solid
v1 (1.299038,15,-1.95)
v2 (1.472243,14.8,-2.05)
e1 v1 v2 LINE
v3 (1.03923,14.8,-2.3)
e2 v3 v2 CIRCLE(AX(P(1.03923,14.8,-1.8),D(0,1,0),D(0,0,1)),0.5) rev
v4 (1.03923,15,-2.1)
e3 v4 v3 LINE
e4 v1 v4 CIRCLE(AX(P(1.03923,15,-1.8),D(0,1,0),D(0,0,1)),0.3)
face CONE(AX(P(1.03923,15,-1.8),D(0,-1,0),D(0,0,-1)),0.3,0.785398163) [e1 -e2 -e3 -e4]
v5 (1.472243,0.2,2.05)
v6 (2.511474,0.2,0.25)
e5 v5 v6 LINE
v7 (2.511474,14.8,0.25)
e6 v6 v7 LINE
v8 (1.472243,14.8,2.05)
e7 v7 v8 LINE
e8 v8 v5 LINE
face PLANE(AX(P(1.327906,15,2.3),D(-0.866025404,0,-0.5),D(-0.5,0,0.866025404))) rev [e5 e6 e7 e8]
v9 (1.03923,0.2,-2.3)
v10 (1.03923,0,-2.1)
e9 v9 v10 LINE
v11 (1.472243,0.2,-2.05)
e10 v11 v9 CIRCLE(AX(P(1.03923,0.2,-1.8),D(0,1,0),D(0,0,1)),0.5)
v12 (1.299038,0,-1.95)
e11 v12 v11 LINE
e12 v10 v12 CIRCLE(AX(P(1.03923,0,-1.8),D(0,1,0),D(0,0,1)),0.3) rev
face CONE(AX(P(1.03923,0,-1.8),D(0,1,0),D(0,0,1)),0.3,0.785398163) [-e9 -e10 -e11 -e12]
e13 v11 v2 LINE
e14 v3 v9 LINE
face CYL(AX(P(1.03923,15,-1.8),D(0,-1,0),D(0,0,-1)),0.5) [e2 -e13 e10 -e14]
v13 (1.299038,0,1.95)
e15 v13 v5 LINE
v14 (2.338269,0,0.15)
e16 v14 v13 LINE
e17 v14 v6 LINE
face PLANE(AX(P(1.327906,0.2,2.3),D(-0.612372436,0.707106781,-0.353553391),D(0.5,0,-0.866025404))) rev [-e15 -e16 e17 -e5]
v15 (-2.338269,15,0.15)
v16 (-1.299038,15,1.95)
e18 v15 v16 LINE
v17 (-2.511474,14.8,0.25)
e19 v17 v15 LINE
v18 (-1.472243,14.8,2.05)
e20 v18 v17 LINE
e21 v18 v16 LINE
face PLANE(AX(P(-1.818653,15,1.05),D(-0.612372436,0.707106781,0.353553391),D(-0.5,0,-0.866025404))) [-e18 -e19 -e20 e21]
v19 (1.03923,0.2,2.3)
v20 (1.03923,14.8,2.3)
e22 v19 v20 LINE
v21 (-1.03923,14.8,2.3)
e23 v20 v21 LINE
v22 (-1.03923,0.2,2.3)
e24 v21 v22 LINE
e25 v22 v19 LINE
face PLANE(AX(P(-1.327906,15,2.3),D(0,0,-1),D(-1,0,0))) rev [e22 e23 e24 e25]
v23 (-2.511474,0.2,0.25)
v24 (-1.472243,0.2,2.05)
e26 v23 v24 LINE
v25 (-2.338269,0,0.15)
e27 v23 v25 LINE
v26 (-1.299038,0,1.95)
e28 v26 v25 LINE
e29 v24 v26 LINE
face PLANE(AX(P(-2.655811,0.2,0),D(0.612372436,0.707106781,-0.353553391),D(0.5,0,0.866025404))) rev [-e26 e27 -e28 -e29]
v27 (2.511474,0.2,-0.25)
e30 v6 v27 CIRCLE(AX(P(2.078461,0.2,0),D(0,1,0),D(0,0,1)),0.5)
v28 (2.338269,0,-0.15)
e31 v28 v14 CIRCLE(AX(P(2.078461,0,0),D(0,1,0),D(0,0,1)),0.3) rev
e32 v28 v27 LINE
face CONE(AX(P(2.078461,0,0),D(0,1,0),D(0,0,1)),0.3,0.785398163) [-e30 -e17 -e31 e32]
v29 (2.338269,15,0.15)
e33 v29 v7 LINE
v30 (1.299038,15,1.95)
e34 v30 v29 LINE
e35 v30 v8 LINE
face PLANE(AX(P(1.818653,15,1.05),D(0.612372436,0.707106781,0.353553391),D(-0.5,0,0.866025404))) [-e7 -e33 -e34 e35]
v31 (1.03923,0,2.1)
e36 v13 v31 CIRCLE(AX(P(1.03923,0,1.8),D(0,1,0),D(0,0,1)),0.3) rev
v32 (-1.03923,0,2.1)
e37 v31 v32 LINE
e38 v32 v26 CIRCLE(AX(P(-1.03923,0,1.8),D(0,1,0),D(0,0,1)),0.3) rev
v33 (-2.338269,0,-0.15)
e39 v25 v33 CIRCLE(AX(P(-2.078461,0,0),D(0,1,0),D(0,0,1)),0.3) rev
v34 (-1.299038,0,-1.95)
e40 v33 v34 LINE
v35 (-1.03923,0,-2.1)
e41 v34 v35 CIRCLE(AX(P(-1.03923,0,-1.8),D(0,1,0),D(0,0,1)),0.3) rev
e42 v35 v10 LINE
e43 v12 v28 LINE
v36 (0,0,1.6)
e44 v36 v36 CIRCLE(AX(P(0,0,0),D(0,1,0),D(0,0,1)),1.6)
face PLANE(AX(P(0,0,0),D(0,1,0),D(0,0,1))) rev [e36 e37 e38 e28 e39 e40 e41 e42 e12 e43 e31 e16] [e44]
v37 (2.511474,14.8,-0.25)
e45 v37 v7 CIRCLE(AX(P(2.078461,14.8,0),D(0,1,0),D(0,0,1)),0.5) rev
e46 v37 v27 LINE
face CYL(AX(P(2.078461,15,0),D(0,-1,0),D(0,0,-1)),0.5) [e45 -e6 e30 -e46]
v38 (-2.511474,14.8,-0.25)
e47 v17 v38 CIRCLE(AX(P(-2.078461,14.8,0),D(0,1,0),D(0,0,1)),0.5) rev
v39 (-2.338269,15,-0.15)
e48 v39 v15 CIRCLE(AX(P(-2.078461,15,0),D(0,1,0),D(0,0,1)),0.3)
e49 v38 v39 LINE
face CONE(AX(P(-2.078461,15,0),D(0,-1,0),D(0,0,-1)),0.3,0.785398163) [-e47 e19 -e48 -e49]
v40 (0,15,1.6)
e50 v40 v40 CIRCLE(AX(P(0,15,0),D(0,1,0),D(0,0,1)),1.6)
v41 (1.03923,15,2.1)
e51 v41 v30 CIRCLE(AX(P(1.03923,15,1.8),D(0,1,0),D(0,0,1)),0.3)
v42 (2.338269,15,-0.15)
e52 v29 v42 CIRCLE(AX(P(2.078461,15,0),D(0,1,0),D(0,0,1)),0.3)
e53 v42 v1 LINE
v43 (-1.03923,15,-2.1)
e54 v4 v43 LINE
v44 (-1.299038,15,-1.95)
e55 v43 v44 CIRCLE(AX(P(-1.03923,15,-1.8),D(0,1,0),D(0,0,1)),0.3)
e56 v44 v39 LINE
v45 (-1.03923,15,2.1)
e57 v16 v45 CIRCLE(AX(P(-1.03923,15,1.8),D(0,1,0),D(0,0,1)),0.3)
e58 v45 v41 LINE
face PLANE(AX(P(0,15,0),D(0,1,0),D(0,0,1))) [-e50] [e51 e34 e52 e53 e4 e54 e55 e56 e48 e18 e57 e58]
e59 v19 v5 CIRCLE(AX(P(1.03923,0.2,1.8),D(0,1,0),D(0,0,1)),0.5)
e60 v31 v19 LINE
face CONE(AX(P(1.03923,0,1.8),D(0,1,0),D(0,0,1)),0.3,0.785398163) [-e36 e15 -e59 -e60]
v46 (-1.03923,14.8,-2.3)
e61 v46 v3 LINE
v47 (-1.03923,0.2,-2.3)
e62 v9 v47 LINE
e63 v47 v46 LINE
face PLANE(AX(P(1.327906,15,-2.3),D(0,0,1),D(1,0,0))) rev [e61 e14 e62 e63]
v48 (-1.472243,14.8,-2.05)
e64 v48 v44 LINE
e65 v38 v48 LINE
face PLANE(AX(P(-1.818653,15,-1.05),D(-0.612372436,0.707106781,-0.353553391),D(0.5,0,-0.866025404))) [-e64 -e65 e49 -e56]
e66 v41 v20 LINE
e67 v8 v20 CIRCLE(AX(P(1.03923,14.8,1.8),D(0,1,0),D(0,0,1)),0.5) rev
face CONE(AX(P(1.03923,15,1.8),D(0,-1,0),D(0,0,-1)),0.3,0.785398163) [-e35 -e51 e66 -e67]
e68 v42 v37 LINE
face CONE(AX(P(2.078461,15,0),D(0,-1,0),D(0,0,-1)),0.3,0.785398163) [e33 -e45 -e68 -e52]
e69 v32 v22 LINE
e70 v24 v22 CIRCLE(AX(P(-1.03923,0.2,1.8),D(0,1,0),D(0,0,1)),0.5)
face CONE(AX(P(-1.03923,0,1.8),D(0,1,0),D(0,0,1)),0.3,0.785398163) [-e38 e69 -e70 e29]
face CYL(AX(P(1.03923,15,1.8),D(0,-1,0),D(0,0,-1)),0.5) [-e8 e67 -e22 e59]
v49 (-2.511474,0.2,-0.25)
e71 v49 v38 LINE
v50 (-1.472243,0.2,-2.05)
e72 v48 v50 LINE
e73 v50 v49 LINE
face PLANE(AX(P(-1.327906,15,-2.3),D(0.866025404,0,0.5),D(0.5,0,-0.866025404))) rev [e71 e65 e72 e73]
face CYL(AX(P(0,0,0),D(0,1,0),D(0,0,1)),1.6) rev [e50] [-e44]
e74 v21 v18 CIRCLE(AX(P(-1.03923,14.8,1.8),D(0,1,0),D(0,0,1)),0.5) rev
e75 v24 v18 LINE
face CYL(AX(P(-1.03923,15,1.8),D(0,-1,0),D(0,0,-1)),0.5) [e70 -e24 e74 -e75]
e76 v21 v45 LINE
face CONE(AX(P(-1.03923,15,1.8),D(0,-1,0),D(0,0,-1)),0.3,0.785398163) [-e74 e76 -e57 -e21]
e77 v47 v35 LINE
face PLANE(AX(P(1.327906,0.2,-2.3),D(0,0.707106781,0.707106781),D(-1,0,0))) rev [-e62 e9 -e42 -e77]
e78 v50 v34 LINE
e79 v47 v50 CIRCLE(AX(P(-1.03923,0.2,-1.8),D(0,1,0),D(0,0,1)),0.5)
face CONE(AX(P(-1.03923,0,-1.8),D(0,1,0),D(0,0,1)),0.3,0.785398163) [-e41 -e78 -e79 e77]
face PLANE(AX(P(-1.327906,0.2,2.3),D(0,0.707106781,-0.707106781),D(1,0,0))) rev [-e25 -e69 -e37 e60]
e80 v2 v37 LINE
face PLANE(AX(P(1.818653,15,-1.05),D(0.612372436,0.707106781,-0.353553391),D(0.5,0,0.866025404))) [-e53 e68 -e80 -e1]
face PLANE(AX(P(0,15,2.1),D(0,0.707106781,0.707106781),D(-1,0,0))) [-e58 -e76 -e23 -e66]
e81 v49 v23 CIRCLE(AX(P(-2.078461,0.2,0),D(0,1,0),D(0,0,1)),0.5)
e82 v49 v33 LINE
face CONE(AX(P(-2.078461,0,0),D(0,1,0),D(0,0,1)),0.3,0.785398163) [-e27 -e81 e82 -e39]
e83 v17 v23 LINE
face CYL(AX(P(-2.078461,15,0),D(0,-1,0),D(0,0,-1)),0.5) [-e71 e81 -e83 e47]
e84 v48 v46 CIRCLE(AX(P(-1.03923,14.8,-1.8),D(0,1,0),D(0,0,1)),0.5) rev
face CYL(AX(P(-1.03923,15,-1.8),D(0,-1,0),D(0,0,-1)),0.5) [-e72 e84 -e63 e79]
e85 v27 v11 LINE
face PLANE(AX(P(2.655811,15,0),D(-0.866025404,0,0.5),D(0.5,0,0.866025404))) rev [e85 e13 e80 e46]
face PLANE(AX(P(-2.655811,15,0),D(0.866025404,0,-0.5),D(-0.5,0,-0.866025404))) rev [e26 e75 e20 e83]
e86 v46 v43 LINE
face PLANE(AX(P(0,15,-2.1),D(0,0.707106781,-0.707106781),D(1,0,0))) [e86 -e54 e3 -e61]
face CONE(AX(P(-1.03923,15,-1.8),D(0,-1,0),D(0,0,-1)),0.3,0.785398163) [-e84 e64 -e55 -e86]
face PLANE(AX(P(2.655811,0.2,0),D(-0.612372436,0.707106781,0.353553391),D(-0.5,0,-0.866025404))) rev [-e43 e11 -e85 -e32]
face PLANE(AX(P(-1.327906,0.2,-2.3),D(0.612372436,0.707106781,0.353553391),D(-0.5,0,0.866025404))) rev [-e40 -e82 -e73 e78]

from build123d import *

# Parameters (mm, degrees)
BOSS_EXTRUDE1_DEPTH = 15
SKETCH2_R           = 1.6
CUT_EXTRUDE1_DEPTH  = 16.405951231
FILLET1_R           = 0.5
CHAMFER1_SIZE       = 0.2


with BuildPart() as part:
    # Sketch1 → Boss-Extrude1 (new body)
    with BuildSketch(Plane(origin=(0, 0, 0), x_dir=(1, 0, 0), z_dir=(0, 1, 0))):
        Polygon((1.327905619, -2.3), (2.655811238, 0), (1.327905619, 2.3), (-1.327905619, 2.3), (-2.655811238, 0), (-1.327905619, -2.3), align=None)
    extrude(amount=BOSS_EXTRUDE1_DEPTH)

    # Sketch2 → Cut-Extrude1 (cut, through all)
    with BuildSketch(Plane(origin=(0, 15, 0), x_dir=(1, 0, 0), z_dir=(0, 1, 0))):
        with Locations(Location((0, 0, 0), (0, 0, 270))):
            Circle(SKETCH2_R)
    extrude(amount=-CUT_EXTRUDE1_DEPTH, mode=Mode.SUBTRACT)

    # Fillet1
    fillet1_edges = [part.edges().sort_by_distance(p)[0] for p in [
        (-1.327905619, 7.5, 2.3),
        (-2.655811238, 7.5, 0),
        (-1.327905619, 7.5, -2.3),
        (1.327905619, 7.5, -2.3),
        (2.655811238, 7.5, 0),
        (1.327905619, 7.5, 2.3),
    ]]
    fillet(fillet1_edges, radius=FILLET1_R)

    # Chamfer1
    chamfer1_edges = [part.edges().sort_by_distance(p)[0] for p in [
        (0, 0, 2.3),
        (0, 15, 2.3),
        (-1.991858429, 0, 1.15),
        (-1.991858429, 0, -1.15),
        (0, 0, -2.3),
        (1.991858429, 0, -1.15),
        (1.991858429, 0, 1.15),
        (1.289230485, 0, 2.233012702),
        (2.578460969, 0, 0),
        (1.289230485, 0, -2.233012702),
        (-1.289230485, 0, -2.233012702),
        (-2.578460969, 0, 0),
        (-1.289230485, 0, 2.233012702),
        (-1.991858429, 15, 1.15),
        (1.991858429, 15, 1.15),
        (1.991858429, 15, -1.15),
        (0, 15, -2.3),
        (-1.991858429, 15, -1.15),
        (1.289230485, 15, 2.233012702),
        (2.578460969, 15, 0),
        (1.289230485, 15, -2.233012702),
        (-1.289230485, 15, -2.233012702),
        (-2.578460969, 15, 0),
        (-1.289230485, 15, 2.233012702),
    ]]
    chamfer(chamfer1_edges, length=CHAMFER1_SIZE)


solid = part.part
